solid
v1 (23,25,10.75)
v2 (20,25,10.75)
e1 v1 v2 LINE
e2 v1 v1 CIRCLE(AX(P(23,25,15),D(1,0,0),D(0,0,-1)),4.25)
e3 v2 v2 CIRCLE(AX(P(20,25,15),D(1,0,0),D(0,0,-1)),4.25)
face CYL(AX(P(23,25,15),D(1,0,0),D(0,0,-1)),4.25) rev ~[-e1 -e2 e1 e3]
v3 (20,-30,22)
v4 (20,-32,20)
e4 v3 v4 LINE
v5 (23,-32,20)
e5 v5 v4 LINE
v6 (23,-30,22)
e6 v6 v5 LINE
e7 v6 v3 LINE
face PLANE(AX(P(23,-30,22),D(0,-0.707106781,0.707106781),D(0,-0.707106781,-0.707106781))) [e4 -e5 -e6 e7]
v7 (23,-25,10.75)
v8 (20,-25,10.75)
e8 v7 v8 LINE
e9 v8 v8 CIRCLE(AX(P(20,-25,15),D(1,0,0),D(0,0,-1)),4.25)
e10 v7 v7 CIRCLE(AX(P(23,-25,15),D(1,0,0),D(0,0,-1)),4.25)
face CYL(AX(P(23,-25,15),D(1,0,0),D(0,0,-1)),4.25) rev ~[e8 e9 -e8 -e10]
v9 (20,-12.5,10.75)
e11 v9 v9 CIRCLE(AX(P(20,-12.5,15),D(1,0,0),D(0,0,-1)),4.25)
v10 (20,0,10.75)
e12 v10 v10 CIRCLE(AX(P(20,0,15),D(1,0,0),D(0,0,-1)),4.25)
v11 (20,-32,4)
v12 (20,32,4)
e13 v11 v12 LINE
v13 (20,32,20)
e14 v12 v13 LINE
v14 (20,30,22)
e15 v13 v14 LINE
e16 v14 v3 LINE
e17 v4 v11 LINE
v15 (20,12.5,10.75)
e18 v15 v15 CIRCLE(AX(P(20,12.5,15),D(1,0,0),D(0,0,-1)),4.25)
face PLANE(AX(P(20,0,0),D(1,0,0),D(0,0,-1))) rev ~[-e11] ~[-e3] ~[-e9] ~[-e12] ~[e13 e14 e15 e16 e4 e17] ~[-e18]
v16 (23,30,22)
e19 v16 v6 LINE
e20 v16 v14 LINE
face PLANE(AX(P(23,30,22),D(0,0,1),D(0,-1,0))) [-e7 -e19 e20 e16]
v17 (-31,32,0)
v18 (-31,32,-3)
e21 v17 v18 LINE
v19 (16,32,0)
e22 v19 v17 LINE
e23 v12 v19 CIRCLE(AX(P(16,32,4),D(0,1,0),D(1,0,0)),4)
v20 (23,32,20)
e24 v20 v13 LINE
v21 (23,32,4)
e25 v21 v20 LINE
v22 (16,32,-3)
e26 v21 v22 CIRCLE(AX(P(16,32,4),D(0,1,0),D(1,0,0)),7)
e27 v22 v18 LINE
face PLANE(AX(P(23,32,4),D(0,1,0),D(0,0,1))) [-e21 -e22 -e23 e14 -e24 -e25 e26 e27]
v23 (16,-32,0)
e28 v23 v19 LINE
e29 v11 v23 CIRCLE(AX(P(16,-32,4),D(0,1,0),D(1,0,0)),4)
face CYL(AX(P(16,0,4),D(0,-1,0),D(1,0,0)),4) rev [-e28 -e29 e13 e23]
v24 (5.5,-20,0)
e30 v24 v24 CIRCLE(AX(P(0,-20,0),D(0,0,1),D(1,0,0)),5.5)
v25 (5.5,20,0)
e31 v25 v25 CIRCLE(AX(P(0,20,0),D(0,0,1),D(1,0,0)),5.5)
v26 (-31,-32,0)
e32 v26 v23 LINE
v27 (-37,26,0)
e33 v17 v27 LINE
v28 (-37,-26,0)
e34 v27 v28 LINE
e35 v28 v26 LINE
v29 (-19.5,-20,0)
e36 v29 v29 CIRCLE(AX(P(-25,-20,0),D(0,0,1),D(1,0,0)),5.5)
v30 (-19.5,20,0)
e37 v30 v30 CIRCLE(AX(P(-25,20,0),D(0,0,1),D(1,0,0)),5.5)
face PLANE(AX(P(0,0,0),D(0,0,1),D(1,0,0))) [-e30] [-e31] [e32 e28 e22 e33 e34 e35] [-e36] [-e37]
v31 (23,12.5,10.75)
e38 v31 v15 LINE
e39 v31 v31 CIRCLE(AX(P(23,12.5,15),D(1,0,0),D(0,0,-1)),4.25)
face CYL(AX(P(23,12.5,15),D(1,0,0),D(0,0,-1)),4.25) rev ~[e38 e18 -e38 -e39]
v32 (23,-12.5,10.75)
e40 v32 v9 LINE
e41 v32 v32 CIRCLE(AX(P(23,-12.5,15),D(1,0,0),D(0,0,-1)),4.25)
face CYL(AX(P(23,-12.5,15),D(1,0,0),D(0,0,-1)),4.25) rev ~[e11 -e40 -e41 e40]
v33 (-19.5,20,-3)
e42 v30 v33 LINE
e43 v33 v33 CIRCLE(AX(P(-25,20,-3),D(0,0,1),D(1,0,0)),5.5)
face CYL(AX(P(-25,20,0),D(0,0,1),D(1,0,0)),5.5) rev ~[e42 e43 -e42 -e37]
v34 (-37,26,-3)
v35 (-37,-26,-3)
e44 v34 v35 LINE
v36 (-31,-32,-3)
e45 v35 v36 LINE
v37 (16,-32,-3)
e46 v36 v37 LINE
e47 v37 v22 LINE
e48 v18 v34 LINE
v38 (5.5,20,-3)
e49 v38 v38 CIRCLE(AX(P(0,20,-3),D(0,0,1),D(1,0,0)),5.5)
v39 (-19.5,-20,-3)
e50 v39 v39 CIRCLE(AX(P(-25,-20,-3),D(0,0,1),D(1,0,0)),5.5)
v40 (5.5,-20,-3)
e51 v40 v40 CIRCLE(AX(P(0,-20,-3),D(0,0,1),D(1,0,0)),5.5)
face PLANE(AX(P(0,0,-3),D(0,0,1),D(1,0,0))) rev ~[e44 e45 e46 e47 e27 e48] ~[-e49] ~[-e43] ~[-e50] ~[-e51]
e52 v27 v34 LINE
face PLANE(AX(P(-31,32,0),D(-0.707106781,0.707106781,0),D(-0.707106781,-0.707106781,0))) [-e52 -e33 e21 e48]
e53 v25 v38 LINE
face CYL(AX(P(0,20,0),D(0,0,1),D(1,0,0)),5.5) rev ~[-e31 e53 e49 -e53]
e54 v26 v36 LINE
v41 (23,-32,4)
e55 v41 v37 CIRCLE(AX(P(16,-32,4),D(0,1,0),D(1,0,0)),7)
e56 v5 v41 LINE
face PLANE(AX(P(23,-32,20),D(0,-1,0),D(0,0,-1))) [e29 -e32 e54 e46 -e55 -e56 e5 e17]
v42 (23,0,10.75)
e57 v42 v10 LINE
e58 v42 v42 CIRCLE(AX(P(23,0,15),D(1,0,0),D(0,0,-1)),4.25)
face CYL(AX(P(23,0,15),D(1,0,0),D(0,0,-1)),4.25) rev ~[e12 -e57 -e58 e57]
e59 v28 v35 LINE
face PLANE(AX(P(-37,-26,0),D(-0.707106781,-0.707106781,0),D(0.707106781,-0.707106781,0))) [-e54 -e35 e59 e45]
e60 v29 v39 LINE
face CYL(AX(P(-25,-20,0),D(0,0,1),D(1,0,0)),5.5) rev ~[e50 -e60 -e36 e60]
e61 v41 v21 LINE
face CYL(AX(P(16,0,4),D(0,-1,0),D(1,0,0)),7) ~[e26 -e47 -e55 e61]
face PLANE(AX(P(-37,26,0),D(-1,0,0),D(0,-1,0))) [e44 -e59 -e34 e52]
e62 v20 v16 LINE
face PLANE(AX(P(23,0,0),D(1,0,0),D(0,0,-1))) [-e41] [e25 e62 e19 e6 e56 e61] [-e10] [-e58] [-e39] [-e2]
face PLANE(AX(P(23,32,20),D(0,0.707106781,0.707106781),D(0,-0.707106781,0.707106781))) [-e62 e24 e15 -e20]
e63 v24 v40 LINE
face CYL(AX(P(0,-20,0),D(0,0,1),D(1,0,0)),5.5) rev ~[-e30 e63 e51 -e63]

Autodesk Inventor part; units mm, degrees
sketch "Sketch_8" plane through (0, 0, 0) normal (0, 0, 1) x (1, 0, 0)
  line L0 (-37, 26) -> (-37, -26)
  line L1 (-37, -26) -> (-31, -32)
  line L2 (-31, -32) -> (16, -32)
  line L3 (16, -32) -> (16, 32)
  line L4 (16, 32) -> (-31, 32)
  line L5 (-31, 32) -> (-37, 26)
  circle A0 centre (0, -20) radius 5.5
  circle A1 centre (0, 20) radius 5.5
  circle A2 centre (-25, -20) radius 5.5
  circle A3 centre (-25, 20) radius 5.5
extrude "Extrusion1" add sketch "Sketch_8" against normal blind 3
sketch "Sketch_1" plane through (0, 0, 0) normal (0, 1, 0) x (1, 0, 0)
  arc A0 (20, -4) -> (16, 0) centre (16, -4) ccw
  line L0 (20, -4) -> (23, -4)
  arc A1 (23, -4) -> (16, 3) centre (16, -4) ccw
  line L1 (16, 3) -> (16, 0)
extrude "Extrusion2" add sketch "Sketch_1" along normal mid plane 64
sketch "Sketch_2" plane through (23, 0, 0) normal (1, 0, 0) x (0, 0, -1)
  line L0 (-22, -30) -> (-20, -32)
  line L1 (-20, -32) -> (-4, -32)
  line L2 (-4, -32) -> (-4, 32)
  line L3 (-4, 32) -> (-20, 32)
  line L4 (-20, 32) -> (-22, 30)
  line L5 (-22, 30) -> (-22, -30)
  circle A0 centre (-15, -25) radius 4.25
  circle A1 centre (-15, -12.5) radius 4.25
  circle A2 centre (-15, 0) radius 4.25
  circle A3 centre (-15, 12.5) radius 4.25
  circle A4 centre (-15, 25) radius 4.25
extrude "Extrusion3" add sketch "Sketch_2" against normal blind 3
ref_plane "P21_XY" through (0, 20, 0) normal (0, 0, -1) x (1, 0, 0)
ref_plane "P21_YZ" through (0, 20, 0) normal (1, 0, 0) x (0, -1, 0)
ref_plane "P21_ZX" through (0, 20, 0) normal (0, -1, 0) x (0, 0, -1)
ref_plane "P22_XY" through (0, -20, 0) normal (0, 0, -1) x (1, 0, 0)
ref_plane "P22_YZ" through (0, -20, 0) normal (1, 0, 0) x (0, -1, 0)
ref_plane "P22_ZX" through (0, -20, 0) normal (0, -1, 0) x (0, 0, -1)
properties part number "8617.540_P2"
